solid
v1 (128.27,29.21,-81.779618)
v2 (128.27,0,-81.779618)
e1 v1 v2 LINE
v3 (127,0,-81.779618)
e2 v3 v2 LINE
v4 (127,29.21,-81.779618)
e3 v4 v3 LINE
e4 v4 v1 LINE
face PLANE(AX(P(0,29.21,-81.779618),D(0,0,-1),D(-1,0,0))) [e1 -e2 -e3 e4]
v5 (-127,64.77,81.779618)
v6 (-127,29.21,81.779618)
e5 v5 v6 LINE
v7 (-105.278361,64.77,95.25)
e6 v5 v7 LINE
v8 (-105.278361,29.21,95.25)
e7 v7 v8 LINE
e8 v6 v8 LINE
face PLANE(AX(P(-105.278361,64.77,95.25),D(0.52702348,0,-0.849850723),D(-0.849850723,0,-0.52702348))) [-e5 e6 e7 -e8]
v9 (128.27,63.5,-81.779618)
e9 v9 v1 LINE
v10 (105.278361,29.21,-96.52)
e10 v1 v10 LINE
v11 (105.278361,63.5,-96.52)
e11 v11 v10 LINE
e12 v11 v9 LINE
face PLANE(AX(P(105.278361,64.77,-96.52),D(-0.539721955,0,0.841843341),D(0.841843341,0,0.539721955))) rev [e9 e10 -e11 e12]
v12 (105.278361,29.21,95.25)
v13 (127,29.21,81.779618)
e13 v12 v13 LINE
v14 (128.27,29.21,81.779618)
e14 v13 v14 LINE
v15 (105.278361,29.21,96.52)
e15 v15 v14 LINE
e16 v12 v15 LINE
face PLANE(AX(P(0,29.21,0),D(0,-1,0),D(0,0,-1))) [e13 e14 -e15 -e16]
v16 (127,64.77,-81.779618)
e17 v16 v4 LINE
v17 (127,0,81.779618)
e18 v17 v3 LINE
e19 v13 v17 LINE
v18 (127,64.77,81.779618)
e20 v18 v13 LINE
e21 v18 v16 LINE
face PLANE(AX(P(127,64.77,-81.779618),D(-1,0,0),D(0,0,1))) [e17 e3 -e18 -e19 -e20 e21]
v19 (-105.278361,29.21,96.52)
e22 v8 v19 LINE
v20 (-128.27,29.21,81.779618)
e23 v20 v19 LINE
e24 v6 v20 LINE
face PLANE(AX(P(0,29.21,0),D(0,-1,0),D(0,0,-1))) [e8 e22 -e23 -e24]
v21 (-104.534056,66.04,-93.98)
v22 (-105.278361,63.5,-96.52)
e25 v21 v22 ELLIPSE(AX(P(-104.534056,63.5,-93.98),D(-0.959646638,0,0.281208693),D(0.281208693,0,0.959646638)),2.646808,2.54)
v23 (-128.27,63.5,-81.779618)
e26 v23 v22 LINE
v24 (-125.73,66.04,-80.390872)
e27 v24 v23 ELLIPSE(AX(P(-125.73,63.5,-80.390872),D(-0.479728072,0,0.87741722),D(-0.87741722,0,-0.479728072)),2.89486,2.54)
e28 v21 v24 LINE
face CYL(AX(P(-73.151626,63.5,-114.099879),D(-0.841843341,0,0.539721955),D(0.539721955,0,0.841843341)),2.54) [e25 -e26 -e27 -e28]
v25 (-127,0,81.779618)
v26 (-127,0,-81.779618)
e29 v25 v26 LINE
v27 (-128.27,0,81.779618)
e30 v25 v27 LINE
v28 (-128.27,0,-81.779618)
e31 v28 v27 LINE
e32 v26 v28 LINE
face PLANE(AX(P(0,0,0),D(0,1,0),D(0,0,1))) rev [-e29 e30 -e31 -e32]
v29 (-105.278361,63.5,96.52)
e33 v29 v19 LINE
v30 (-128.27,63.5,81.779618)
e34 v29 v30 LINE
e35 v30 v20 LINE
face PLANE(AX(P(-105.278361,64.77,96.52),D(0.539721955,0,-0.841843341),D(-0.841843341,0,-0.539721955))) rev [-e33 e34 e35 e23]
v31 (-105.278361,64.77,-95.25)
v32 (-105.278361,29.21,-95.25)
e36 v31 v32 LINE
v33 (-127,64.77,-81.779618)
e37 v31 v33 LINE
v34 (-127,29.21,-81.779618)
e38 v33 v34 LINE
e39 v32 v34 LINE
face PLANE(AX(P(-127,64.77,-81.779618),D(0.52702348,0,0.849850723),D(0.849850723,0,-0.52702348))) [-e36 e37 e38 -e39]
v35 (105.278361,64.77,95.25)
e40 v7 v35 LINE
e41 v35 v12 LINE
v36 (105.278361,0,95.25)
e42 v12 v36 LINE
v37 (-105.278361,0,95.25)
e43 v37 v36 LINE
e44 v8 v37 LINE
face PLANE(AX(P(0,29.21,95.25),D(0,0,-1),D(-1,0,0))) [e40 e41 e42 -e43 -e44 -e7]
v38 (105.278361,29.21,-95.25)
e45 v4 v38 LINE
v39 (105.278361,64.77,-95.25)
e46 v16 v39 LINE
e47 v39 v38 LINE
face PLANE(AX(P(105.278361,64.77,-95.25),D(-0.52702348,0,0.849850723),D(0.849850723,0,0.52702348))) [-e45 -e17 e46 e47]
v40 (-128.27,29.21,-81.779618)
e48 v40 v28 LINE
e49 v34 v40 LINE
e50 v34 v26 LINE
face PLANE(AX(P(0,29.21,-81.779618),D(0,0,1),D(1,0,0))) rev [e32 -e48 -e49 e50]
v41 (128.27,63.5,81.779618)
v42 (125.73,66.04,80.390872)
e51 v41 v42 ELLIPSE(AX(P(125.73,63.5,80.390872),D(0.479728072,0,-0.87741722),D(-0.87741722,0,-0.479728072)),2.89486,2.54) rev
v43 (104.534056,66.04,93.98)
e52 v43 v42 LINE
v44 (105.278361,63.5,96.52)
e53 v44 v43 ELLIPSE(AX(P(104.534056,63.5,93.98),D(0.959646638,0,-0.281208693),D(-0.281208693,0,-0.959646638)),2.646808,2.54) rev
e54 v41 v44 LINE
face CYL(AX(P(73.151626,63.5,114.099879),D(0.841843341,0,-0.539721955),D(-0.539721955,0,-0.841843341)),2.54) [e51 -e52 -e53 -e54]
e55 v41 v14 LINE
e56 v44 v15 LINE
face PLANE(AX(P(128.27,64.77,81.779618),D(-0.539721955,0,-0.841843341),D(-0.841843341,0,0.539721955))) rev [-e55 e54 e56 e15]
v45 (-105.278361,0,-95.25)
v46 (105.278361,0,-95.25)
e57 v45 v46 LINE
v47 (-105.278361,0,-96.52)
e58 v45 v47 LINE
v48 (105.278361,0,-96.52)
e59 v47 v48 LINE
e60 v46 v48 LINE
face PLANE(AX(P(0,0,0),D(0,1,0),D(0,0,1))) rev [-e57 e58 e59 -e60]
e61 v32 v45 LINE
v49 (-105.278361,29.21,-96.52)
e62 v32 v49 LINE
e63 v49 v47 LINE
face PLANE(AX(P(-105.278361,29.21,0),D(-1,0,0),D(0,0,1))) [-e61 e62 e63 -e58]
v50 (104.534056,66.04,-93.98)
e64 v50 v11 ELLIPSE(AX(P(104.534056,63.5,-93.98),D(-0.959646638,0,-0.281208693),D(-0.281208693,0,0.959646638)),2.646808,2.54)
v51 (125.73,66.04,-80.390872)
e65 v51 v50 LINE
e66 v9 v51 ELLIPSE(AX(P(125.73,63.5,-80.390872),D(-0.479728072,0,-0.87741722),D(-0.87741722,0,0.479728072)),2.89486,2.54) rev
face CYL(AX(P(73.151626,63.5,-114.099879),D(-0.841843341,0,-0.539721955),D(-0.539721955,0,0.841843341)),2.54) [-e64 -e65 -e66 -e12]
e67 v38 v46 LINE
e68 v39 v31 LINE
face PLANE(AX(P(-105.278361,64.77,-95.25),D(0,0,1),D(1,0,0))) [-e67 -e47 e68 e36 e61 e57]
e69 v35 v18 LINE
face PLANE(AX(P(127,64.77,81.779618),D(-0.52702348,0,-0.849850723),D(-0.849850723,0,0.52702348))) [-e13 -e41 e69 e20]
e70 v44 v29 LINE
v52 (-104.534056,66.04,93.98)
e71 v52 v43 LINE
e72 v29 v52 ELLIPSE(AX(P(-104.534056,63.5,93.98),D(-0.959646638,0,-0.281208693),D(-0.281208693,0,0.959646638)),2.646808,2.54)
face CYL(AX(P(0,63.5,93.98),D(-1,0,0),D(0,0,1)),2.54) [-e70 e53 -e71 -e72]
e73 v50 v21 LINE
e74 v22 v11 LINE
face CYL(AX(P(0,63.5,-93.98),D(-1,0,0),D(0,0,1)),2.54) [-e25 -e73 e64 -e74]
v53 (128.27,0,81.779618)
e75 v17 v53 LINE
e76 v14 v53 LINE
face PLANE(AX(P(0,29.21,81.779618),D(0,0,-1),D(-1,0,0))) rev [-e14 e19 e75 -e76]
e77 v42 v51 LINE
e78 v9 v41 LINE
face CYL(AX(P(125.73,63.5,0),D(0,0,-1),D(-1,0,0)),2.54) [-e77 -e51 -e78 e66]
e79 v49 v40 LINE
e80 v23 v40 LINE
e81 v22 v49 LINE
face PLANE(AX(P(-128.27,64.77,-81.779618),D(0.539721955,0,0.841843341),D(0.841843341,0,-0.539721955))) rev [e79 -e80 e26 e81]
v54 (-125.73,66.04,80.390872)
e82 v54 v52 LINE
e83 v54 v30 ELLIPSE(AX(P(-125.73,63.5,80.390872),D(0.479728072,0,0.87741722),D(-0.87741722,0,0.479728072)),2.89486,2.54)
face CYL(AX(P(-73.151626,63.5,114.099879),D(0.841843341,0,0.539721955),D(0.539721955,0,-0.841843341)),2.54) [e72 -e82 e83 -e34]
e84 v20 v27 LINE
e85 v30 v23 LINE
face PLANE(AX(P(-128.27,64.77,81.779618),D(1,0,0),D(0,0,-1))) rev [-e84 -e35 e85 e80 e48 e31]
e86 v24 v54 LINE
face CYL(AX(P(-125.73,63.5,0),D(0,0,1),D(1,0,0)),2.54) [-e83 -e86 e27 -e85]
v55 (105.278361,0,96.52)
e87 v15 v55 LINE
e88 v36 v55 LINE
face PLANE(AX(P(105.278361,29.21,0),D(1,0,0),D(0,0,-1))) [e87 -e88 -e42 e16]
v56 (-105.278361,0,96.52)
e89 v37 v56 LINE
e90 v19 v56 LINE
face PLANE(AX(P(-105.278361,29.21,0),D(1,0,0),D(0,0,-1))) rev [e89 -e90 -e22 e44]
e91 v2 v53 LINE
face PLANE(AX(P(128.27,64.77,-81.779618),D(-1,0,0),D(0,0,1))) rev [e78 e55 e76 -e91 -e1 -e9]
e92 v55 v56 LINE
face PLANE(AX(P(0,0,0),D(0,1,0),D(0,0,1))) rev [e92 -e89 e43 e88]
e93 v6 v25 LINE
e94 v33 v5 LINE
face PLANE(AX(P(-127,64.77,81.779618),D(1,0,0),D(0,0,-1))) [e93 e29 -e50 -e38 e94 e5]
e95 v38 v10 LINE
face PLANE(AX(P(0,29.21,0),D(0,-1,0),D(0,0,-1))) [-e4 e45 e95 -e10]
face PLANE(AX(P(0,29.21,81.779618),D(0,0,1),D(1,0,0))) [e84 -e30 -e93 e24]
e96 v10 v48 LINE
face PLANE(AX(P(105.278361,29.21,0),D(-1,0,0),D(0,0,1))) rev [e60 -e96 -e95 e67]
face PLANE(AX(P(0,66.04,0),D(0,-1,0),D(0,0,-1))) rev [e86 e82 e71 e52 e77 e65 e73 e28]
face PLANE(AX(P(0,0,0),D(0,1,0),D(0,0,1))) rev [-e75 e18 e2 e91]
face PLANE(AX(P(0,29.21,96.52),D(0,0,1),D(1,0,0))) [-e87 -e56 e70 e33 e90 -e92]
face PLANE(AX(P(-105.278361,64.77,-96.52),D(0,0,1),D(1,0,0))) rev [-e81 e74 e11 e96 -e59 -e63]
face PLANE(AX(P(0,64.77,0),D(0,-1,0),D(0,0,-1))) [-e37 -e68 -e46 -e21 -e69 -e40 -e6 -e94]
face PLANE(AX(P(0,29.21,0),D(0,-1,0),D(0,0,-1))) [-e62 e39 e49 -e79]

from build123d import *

# Parameters (mm, degrees)
SKETCH1_W             = 210.556721652
SKETCH1_H             = 1.27
BOSS_EXTRUDE1_DEPTH   = 29.21
SKETCH1_W_2           = 1.27
SKETCH1_H_2           = 163.559236
BOSS_EXTRUDE1_2_DEPTH = 29.21
BOSS_EXTRUDE1_3_DEPTH = 29.21
BOSS_EXTRUDE1_4_DEPTH = 29.21
BOSS_EXTRUDE2_DEPTH   = 35.56
BOSS_EXTRUDE3_DEPTH   = 1.27
FILLET1_R             = 2.54


with BuildPart() as part:
    # Sketch1 → Boss-Extrude1 (new body)
    with BuildSketch(Plane(origin=(0, 0, 0), x_dir=(1, 0, 0), z_dir=(0, 1, 0))):
        with Locations((0, -95.885)):
            Rectangle(SKETCH1_W, SKETCH1_H)
    extrude(amount=BOSS_EXTRUDE1_DEPTH)



with BuildPart() as body_2:
    # Sketch1 → Boss-Extrude1 2 (new body)
    with BuildSketch(Plane(origin=(0, 0, 0), x_dir=(1, 0, 0), z_dir=(0, 1, 0))):
        with Locations((-127.635, 0)):
            Rectangle(SKETCH1_W_2, SKETCH1_H_2)
    extrude(amount=BOSS_EXTRUDE1_2_DEPTH)


with BuildPart() as body_3:
    # Sketch1 → Boss-Extrude1 3 (new body)
    with BuildSketch(Plane(origin=(0, 0, 0), x_dir=(1, 0, 0), z_dir=(0, 1, 0))):
        with Locations((0, 95.885)):
            Rectangle(SKETCH1_W, SKETCH1_H)
    extrude(amount=BOSS_EXTRUDE1_3_DEPTH)


with BuildPart() as body_4:
    # Sketch1 → Boss-Extrude1 4 (new body)
    with BuildSketch(Plane(origin=(0, 0, 0), x_dir=(1, 0, 0), z_dir=(0, 1, 0))):
        with Locations((127.635, 0)):
            Rectangle(SKETCH1_W_2, SKETCH1_H_2)
    extrude(amount=BOSS_EXTRUDE1_4_DEPTH)


with BuildPart() as part_1:
    add(part.part)

    add(body_2.part)  # Boss-Extrude2 merges body 2

    add(body_3.part)  # Boss-Extrude2 merges body 3

    add(body_4.part)  # Boss-Extrude2 merges body 4
    # Sketch4 → Boss-Extrude2 (add)
    with BuildSketch(Plane(origin=(0, 29.21, 0), x_dir=(1, 0, 0), z_dir=(0, 1, 0))):
        Polygon((-128.27, 81.779618), (-105.278360826, 96.52), (105.278360826, 96.52), (128.27, 81.779618), (128.27, -81.779618), (105.278360826, -96.52), (-105.278360826, -96.52), (-128.27, -81.779618), align=None)
        Polygon((-127, 81.779618), (-105.278360826, 95.25), (105.278360826, 95.25), (127, 81.779618), (127, -81.779618), (105.278360826, -95.25), (-105.278360826, -95.25), (-127, -81.779618), align=None, mode=Mode.SUBTRACT)
    extrude(amount=BOSS_EXTRUDE2_DEPTH)

    # Sketch5 → Boss-Extrude3 (add)
    with BuildSketch(Plane(origin=(0, 64.77, 0), x_dir=(1, 0, 0), z_dir=(0, 1, 0))):
        Polygon((-128.27, 81.779618), (-105.278360826, 96.52), (105.278360826, 96.52), (128.27, 81.779618), (128.27, -81.779618), (105.278360826, -96.52), (-105.278360826, -96.52), (-128.27, -81.779618), align=None)
    extrude(amount=BOSS_EXTRUDE3_DEPTH)

    # Fillet1
    fillet1_edges = [part_1.edges().sort_by_distance(p)[0] for p in [
        (-128.27, 66.04, 0),
        (-116.774180413, 66.04, 89.149809),
        (0, 66.04, 96.52),
        (116.774180413, 66.04, 89.149809),
        (128.27, 66.04, 0),
        (116.774180413, 66.04, -89.149809),
        (0, 66.04, -96.52),
        (-116.774180413, 66.04, -89.149809),
    ]]
    fillet(fillet1_edges, radius=FILLET1_R)


solid = part_1.part
